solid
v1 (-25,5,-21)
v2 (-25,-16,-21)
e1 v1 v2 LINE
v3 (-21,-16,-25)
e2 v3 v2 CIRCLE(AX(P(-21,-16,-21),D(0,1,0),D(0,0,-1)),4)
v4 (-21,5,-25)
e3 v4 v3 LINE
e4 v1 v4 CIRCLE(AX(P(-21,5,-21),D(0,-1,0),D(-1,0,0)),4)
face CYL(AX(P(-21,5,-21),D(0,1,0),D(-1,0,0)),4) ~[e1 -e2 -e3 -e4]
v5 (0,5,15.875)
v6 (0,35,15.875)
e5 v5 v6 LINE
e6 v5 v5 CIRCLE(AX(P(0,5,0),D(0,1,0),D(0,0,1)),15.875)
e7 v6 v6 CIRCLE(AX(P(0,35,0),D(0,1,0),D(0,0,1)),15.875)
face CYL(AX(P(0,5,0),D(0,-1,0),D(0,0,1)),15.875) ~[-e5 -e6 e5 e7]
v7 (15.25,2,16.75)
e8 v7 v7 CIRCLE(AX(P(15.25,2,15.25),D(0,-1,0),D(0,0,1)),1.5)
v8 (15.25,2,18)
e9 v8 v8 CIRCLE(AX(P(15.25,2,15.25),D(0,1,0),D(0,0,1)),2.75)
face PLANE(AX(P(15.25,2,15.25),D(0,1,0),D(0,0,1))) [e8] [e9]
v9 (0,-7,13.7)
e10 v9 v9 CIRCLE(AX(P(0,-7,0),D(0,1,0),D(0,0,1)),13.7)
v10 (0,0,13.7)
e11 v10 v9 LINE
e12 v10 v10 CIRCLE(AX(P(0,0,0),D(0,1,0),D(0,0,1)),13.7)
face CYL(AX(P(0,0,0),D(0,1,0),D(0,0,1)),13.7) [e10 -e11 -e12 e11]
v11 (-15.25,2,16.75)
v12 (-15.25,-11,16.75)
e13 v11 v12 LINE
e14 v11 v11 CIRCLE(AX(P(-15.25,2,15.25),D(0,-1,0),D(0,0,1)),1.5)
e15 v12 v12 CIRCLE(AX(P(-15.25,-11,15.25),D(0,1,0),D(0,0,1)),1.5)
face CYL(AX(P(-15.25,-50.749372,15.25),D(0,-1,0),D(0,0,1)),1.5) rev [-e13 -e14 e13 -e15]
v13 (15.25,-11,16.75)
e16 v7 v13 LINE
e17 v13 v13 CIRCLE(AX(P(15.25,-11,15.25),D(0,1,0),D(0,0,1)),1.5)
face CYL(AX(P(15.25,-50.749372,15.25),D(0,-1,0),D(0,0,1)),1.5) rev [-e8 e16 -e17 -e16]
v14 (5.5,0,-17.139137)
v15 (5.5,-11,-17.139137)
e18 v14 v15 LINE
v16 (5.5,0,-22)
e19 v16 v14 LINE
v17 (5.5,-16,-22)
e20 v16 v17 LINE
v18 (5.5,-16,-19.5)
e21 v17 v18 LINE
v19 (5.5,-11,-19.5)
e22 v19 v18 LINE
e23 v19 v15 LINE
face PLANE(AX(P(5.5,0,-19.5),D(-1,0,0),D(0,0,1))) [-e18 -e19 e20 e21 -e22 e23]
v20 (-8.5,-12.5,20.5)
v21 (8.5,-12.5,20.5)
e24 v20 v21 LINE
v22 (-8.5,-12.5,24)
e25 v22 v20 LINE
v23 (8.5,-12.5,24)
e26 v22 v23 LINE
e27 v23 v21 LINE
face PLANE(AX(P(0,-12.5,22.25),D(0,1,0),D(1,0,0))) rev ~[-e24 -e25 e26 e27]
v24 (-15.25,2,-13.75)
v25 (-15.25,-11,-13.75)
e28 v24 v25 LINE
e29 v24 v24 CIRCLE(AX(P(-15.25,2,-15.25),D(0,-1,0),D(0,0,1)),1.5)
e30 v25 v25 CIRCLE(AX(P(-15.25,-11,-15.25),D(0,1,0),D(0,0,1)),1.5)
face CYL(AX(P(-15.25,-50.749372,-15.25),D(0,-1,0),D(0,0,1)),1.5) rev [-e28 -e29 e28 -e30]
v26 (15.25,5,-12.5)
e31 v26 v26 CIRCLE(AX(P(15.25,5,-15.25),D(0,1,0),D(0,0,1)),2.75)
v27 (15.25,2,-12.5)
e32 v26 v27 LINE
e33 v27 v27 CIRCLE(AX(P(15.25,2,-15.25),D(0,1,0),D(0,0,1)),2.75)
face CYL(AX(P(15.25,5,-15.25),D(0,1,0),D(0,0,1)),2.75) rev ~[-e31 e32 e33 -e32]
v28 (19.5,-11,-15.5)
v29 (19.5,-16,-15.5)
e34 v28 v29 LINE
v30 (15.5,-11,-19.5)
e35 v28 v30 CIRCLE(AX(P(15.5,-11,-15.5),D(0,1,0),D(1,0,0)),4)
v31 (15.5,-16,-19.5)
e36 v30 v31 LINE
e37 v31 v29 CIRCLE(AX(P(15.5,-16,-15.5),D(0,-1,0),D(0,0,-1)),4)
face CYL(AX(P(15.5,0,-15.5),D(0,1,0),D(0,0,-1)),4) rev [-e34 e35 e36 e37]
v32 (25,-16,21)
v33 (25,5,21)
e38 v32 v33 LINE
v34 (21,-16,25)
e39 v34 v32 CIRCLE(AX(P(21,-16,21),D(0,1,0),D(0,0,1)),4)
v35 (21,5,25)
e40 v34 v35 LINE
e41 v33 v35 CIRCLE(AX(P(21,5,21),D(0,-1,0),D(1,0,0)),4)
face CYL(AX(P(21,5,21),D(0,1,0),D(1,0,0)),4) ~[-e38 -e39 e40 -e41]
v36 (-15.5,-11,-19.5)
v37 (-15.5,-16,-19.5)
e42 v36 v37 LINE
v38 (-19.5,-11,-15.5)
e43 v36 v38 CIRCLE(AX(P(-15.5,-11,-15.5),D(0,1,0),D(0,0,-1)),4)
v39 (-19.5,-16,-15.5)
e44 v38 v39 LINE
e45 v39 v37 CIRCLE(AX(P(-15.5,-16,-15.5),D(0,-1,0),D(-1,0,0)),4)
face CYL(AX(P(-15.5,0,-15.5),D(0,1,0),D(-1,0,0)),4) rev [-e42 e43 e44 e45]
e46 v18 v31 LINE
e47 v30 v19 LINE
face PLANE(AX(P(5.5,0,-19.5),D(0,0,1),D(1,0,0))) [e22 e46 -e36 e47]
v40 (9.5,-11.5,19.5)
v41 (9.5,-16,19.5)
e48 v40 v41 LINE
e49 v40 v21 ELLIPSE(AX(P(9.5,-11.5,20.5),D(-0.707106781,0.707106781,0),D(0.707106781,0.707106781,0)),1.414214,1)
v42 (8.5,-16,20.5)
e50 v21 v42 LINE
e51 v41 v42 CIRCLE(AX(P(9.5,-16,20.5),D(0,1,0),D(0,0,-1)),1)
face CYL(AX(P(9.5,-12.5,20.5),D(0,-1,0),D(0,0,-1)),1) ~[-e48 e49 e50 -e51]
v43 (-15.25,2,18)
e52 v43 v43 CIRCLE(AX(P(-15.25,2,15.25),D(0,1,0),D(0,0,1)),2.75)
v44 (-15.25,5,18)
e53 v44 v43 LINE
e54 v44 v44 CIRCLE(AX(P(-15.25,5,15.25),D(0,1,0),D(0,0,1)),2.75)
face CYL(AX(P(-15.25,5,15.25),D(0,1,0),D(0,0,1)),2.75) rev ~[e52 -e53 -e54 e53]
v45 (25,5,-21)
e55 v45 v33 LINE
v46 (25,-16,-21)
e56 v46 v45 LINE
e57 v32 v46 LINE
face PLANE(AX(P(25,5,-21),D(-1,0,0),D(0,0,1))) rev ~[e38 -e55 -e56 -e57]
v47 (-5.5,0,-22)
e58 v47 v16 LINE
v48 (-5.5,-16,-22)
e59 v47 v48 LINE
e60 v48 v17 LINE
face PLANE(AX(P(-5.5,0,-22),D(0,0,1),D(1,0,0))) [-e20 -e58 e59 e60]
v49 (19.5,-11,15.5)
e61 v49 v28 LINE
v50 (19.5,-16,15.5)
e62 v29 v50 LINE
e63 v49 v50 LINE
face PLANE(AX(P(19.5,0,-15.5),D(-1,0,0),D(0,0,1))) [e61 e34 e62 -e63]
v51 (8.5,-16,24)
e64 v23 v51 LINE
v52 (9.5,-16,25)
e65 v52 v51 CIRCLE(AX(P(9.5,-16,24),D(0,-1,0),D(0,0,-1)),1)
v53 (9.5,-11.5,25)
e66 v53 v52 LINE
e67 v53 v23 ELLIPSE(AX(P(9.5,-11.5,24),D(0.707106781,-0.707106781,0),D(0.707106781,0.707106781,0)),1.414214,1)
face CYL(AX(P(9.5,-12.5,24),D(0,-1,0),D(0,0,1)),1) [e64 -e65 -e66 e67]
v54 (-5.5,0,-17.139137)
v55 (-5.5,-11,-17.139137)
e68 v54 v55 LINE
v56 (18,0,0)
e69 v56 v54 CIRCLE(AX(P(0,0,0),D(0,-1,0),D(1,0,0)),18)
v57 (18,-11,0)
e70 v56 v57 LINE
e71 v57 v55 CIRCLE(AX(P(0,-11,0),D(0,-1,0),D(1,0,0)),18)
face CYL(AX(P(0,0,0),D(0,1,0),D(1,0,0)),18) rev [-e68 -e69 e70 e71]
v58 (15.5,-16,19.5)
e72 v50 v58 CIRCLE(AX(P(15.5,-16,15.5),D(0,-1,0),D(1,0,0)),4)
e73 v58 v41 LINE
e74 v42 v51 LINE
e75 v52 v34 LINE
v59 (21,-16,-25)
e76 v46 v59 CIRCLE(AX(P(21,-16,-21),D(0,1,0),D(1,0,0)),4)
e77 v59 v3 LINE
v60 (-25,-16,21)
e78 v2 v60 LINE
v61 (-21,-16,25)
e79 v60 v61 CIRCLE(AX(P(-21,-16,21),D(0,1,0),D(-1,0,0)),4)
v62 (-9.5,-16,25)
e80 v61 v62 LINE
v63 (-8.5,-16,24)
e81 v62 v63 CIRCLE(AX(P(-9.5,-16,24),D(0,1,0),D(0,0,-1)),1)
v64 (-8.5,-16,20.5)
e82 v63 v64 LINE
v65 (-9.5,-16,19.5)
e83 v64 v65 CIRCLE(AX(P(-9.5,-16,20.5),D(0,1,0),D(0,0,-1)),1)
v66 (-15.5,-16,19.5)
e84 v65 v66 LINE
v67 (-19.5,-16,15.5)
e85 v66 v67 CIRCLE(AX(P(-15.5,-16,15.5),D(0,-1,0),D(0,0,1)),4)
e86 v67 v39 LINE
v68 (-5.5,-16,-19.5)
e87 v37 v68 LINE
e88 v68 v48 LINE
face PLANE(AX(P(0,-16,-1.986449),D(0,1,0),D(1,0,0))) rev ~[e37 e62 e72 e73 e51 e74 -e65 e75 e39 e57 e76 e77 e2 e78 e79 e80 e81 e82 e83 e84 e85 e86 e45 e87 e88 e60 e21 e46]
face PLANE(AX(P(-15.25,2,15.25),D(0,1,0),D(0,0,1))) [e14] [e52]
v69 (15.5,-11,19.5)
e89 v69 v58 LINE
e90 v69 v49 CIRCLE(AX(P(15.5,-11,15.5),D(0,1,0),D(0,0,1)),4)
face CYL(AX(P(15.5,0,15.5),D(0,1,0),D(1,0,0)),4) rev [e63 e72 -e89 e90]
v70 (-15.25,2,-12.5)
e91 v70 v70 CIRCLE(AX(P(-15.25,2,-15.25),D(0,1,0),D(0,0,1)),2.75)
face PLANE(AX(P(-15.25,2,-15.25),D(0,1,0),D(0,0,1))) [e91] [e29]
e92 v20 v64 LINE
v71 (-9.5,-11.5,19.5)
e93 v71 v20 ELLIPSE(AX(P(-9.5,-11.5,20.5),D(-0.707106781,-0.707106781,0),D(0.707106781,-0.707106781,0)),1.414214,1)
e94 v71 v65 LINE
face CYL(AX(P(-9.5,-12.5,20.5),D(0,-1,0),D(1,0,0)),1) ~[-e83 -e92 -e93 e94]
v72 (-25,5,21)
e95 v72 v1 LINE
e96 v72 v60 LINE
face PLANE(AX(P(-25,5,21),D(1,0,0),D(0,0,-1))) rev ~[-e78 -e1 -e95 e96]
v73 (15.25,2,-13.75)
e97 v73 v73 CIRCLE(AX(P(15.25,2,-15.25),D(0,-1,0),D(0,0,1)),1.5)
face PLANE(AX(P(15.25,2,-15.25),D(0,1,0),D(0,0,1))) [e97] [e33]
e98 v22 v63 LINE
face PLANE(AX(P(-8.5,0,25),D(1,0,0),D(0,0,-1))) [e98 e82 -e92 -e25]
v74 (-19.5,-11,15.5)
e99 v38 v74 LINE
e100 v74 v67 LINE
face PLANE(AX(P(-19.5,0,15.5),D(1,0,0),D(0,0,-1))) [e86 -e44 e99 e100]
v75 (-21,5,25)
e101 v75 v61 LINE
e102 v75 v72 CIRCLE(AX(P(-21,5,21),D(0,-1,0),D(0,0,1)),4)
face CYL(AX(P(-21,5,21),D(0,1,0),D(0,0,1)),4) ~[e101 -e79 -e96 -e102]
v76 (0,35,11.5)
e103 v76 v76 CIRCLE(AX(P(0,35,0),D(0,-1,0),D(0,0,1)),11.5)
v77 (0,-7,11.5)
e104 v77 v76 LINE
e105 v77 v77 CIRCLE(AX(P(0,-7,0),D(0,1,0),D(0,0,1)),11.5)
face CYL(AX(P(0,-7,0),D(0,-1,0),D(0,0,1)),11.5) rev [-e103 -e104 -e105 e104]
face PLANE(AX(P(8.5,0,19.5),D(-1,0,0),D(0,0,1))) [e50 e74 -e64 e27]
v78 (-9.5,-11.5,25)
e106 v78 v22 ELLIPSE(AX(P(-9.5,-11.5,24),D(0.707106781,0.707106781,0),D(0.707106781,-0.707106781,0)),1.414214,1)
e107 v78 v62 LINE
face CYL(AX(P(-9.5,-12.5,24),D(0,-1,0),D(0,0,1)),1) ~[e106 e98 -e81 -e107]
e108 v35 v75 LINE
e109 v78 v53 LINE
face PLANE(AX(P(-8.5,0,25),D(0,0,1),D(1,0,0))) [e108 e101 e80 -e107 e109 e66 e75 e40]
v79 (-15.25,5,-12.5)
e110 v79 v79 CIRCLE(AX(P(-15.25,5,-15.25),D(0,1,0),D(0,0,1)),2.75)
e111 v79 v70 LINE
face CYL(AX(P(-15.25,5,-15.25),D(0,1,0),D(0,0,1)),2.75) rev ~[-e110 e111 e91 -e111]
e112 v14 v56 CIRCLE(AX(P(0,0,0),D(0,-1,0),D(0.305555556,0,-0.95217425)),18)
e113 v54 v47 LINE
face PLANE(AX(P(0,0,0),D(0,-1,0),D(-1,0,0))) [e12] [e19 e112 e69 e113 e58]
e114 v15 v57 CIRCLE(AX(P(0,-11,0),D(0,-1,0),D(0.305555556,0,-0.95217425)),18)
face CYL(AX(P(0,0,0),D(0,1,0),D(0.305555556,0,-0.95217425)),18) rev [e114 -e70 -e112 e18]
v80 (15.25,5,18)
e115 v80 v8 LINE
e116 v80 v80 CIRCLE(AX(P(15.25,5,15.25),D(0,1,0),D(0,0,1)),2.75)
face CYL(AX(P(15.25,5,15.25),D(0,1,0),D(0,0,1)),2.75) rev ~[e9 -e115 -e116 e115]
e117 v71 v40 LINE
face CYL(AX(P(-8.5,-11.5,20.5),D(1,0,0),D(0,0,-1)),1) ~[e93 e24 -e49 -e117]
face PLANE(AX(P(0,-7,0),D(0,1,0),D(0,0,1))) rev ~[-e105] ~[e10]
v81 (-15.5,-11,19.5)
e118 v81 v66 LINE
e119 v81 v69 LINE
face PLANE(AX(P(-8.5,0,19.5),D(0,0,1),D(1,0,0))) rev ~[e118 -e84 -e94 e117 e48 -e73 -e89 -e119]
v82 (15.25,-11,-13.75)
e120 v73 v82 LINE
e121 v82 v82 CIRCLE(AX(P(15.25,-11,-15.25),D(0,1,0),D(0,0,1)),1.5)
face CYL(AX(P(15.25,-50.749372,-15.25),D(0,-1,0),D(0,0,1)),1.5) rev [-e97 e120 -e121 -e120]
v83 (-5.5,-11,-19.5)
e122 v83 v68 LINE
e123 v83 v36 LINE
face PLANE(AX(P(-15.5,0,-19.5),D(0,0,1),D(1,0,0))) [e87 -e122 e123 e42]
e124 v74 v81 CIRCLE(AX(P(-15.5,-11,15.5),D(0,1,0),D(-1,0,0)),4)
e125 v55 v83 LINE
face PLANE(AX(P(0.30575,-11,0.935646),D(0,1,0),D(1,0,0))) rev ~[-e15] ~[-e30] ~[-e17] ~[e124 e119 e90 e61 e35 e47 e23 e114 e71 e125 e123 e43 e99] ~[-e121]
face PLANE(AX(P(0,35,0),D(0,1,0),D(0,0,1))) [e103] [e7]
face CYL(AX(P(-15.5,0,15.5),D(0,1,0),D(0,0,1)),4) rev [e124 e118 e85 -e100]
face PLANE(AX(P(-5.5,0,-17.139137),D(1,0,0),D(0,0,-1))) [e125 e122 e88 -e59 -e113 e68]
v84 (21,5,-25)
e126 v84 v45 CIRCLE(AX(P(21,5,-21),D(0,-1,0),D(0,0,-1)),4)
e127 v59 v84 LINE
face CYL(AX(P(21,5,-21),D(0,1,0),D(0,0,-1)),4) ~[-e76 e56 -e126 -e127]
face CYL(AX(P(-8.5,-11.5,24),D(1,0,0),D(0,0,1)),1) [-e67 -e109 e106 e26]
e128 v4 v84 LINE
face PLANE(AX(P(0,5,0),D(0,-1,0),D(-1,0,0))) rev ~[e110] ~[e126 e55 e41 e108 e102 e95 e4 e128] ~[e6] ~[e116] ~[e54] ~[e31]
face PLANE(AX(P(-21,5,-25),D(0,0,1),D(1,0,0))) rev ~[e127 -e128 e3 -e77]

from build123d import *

# Parameters (mm, degrees)
BOSS_EXTRUDE1_DEPTH     = 16
SKETCH4_3_R             = 2.75
SKETCH4_3_R_2           = 1.5
BOSS_EXTRUDE2_DEPTH     = 11
SKETCH4_4_R             = 13.7
BOSS_EXTRUDE3_DEPTH     = 7
BOSS_EXTRUDE4_START     = 5
BOSS_EXTRUDE4_DEPTH     = 5
BOSS_EXTRUDE5_START     = 5
SKETCH4_6_R             = 15.875
BOSS_EXTRUDE5_DEPTH     = 30
CUT_EXTRUDE1_DEPTH      = 50.749371855
CUT_EXTRUDE1_DEPTH_BACK = 7
SKETCH4_7_R             = 11.5
CUT_EXTRUDE4_DEPTH      = 50.749371855
CUT_EXTRUDE4_DEPTH_BACK = 50.749371855
SKETCH4_8_R             = 1.5
CUT_EXTRUDE5_START      = 5
SKETCH4_9_R             = 2.75
CUT_EXTRUDE5_DEPTH      = 3
SKETCH4_10_W            = 17
SKETCH4_10_H            = 5.5
BOSS_EXTRUDE6_DEPTH     = 12.5
FILLET1_R               = 1


with BuildPart() as part:
    # Sketch4 → Boss-Extrude1 (new body)
    with BuildSketch(Plane(origin=(0, 0, 0), x_dir=(1, 0, 0), z_dir=(0, 1, 0))):
        with BuildLine():
            Line((8.5, -25), (21, -25))
            ThreePointArc((21, -25), (23.828427125, -23.828427125), (25, -21))
            Line((25, -21), (25, 21))
            ThreePointArc((25, 21), (23.828427125, 23.828427125), (21, 25))
            Line((21, 25), (-21, 25))
            ThreePointArc((-21, 25), (-23.828427125, 23.828427125), (-25, 21))
            Line((-25, 21), (-25, -21))
            ThreePointArc((-25, -21), (-23.828427125, -23.828427125), (-21, -25))
            Line((-21, -25), (-8.5, -25))
            Line((-8.5, -25), (-8.5, -19.5))
            Line((-8.5, -19.5), (-15.5, -19.5))
            ThreePointArc((-15.5, -19.5), (-18.328427125, -18.328427125), (-19.5, -15.5))
            Line((-19.5, -15.5), (-19.5, 15.5))
            ThreePointArc((-19.5, 15.5), (-18.328427125, 18.328427125), (-15.5, 19.5))
            Line((-15.5, 19.5), (-5.5, 19.5))
            Line((-5.5, 19.5), (-5.5, 22))
            Line((-5.5, 22), (5.5, 22))
            Line((5.5, 22), (5.5, 19.5))
            Line((5.5, 19.5), (15.5, 19.5))
            ThreePointArc((15.5, 19.5), (18.328427125, 18.328427125), (19.5, 15.5))
            Line((19.5, 15.5), (19.5, -15.5))
            ThreePointArc((19.5, -15.5), (18.328427125, -18.328427125), (15.5, -19.5))
            Line((15.5, -19.5), (8.5, -19.5))
            Line((8.5, -19.5), (8.5, -25))
        make_face()
    extrude(amount=-BOSS_EXTRUDE1_DEPTH)

    # Sketch4<3> → Boss-Extrude2 (add)
    # profile 1 of 7: a face of its own
    with BuildSketch(Plane(origin=(0, 0, 0), x_dir=(1, 0, 0), z_dir=(0, 1, 0))):
        with BuildLine():
            Line((-8.5, -19.5), (8.5, -19.5))
            Line((8.5, -19.5), (15.5, -19.5))
            ThreePointArc((15.5, -19.5), (18.328427125, -18.328427125), (19.5, -15.5))
            Line((19.5, -15.5), (19.5, 15.5))
            ThreePointArc((19.5, 15.5), (18.328427125, 18.328427125), (15.5, 19.5))
            Line((15.5, 19.5), (5.5, 19.5))
            Line((5.5, 19.5), (5.5, 17.139136501))
            ThreePointArc((5.5, 17.139136501), (14.543039572, 10.606601718), (18, 0))
            ThreePointArc((18, 0), (-10.606601718, -14.543039572), (-5.5, 17.139136501))
            Line((-5.5, 17.139136501), (-5.5, 19.5))
            Line((-5.5, 19.5), (-15.5, 19.5))
            ThreePointArc((-15.5, 19.5), (-18.328427125, 18.328427125), (-19.5, 15.5))
            Line((-19.5, 15.5), (-19.5, -15.5))
            ThreePointArc((-19.5, -15.5), (-18.328427125, -18.328427125), (-15.5, -19.5))
            Line((-15.5, -19.5), (-8.5, -19.5))
        make_face()
        with Locations((-15.25, -15.25)):
            Circle(SKETCH4_3_R, mode=Mode.SUBTRACT)
        with Locations((15.25, -15.25)):
            Circle(SKETCH4_3_R, mode=Mode.SUBTRACT)
        with Locations((-15.25, 15.25)):
            Circle(SKETCH4_3_R, mode=Mode.SUBTRACT)
        with Locations((15.25, 15.25)):
            Circle(SKETCH4_3_R, mode=Mode.SUBTRACT)
    # profile 2 of 7: a face of its own
    with BuildSketch(Plane(origin=(0, 0, 0), x_dir=(1, 0, 0), z_dir=(0, 1, 0))):
        with BuildLine():
            Line((-8.5, -19.5), (8.5, -19.5))
            Line((8.5, -19.5), (15.5, -19.5))
            ThreePointArc((15.5, -19.5), (18.328427125, -18.328427125), (19.5, -15.5))
            Line((19.5, -15.5), (19.5, 15.5))
            ThreePointArc((19.5, 15.5), (18.328427125, 18.328427125), (15.5, 19.5))
            Line((15.5, 19.5), (5.5, 19.5))
            Line((5.5, 19.5), (5.5, 17.139136501))
            ThreePointArc((5.5, 17.139136501), (14.543039572, 10.606601718), (18, 0))
            ThreePointArc((18, 0), (-10.606601718, -14.543039572), (-5.5, 17.139136501))
            Line((-5.5, 17.139136501), (-5.5, 19.5))
            Line((-5.5, 19.5), (-15.5, 19.5))
            ThreePointArc((-15.5, 19.5), (-18.328427125, 18.328427125), (-19.5, 15.5))
            Line((-19.5, 15.5), (-19.5, -15.5))
            ThreePointArc((-19.5, -15.5), (-18.328427125, -18.328427125), (-15.5, -19.5))
            Line((-15.5, -19.5), (-8.5, -19.5))
        make_face()
        with Locations((-15.25, -15.25)):
            Circle(SKETCH4_3_R, mode=Mode.SUBTRACT)
        with Locations((15.25, -15.25)):
            Circle(SKETCH4_3_R, mode=Mode.SUBTRACT)
        with Locations((-15.25, 15.25)):
            Circle(SKETCH4_3_R, mode=Mode.SUBTRACT)
        with Locations((15.25, 15.25)):
            Circle(SKETCH4_3_R, mode=Mode.SUBTRACT)
    # profile 3 of 7: a face of its own
    with BuildSketch(Plane(origin=(0, 0, 0), x_dir=(1, 0, 0), z_dir=(0, 1, 0))):
        with BuildLine():
            Line((-8.5, -19.5), (8.5, -19.5))
            Line((8.5, -19.5), (15.5, -19.5))
            ThreePointArc((15.5, -19.5), (18.328427125, -18.328427125), (19.5, -15.5))
            Line((19.5, -15.5), (19.5, 15.5))
            ThreePointArc((19.5, 15.5), (18.328427125, 18.328427125), (15.5, 19.5))
            Line((15.5, 19.5), (5.5, 19.5))
            Line((5.5, 19.5), (5.5, 17.139136501))
            ThreePointArc((5.5, 17.139136501), (14.543039572, 10.606601718), (18, 0))
            ThreePointArc((18, 0), (-10.606601718, -14.543039572), (-5.5, 17.139136501))
            Line((-5.5, 17.139136501), (-5.5, 19.5))
            Line((-5.5, 19.5), (-15.5, 19.5))
            ThreePointArc((-15.5, 19.5), (-18.328427125, 18.328427125), (-19.5, 15.5))
            Line((-19.5, 15.5), (-19.5, -15.5))
            ThreePointArc((-19.5, -15.5), (-18.328427125, -18.328427125), (-15.5, -19.5))
            Line((-15.5, -19.5), (-8.5, -19.5))
        make_face()
        with Locations((-15.25, -15.25)):
            Circle(SKETCH4_3_R, mode=Mode.SUBTRACT)
        with Locations((15.25, -15.25)):
            Circle(SKETCH4_3_R, mode=Mode.SUBTRACT)
        with Locations((-15.25, 15.25)):
            Circle(SKETCH4_3_R, mode=Mode.SUBTRACT)
        with Locations((15.25, 15.25)):
            Circle(SKETCH4_3_R, mode=Mode.SUBTRACT)
    # profile 4 of 7: a face of its own
    with BuildSketch(Plane(origin=(0, 0, 0), x_dir=(1, 0, 0), z_dir=(0, 1, 0))):
        with Locations((-15.25, -15.25)):
            Circle(SKETCH4_3_R)
        with Locations(Location((-15.25, -15.25, 0), (0, 0, 270))):
            Circle(SKETCH4_3_R_2, mode=Mode.SUBTRACT)
    # profile 5 of 7: a face of its own
    with BuildSketch(Plane(origin=(0, 0, 0), x_dir=(1, 0, 0), z_dir=(0, 1, 0))):
        with Locations((15.25, -15.25)):
            Circle(SKETCH4_3_R)
        with Locations(Location((15.25, -15.25, 0), (0, 0, 270))):
            Circle(SKETCH4_3_R_2, mode=Mode.SUBTRACT)
    # profile 6 of 7: a face of its own
    with BuildSketch(Plane(origin=(0, 0, 0), x_dir=(1, 0, 0), z_dir=(0, 1, 0))):
        with Locations((15.25, 15.25)):
            Circle(SKETCH4_3_R)
        with Locations(Location((15.25, 15.25, 0), (0, 0, 270))):
            Circle(SKETCH4_3_R_2, mode=Mode.SUBTRACT)
    # profile 7 of 7: a face of its own
    with BuildSketch(Plane(origin=(0, 0, 0), x_dir=(1, 0, 0), z_dir=(0, 1, 0))):
        with Locations((-15.25, 15.25)):
            Circle(SKETCH4_3_R)
        with Locations(Location((-15.25, 15.25, 0), (0, 0, 270))):
            Circle(SKETCH4_3_R_2, mode=Mode.SUBTRACT)
    extrude(amount=-BOSS_EXTRUDE2_DEPTH)



with BuildPart() as body_2:
    # Sketch4<4> → Boss-Extrude3 (new body)
    with BuildSketch(Plane(origin=(0, 0, 0), x_dir=(1, 0, 0), z_dir=(0, 1, 0))):
        with Locations(Location((0, 0, 0), (0, 0, 270))):
            Circle(SKETCH4_4_R)
    extrude(amount=-BOSS_EXTRUDE3_DEPTH)

    # Sketch4<5> → Boss-Extrude4 (add)
    with BuildSketch(Plane(origin=(0, 0, 0), x_dir=(1, 0, 0), z_dir=(0, 1, 0)).offset(BOSS_EXTRUDE4_START)):
        with BuildLine():
            Line((21, -25), (-21, -25))
            ThreePointArc((-21, -25), (-23.828427125, -23.828427125), (-25, -21))
            Line((-25, -21), (-25, 21))
            ThreePointArc((-25, 21), (-23.828427125, 23.828427125), (-21, 25))
            Line((-21, 25), (21, 25))
            ThreePointArc((21, 25), (23.828427125, 23.828427125), (25, 21))
            Line((25, 21), (25, -21))
            ThreePointArc((25, -21), (23.828427125, -23.828427125), (21, -25))
        make_face()
    extrude(amount=-BOSS_EXTRUDE4_DEPTH)

    # Sketch4<6> → Boss-Extrude5 (add)
    with BuildSketch(Plane(origin=(0, 0, 0), x_dir=(1, 0, 0), z_dir=(0, 1, 0)).offset(BOSS_EXTRUDE5_START)):
        with Locations(Location((0, 0, 0), (0, 0, 270))):
            Circle(SKETCH4_6_R)
    extrude(amount=BOSS_EXTRUDE5_DEPTH)

    # Sketch4<7> → Cut-Extrude1 (cut, two sides: drawn at the far end of the back side and taken through both)
    with BuildSketch(Plane(origin=(0, 0, 0), x_dir=(1, 0, 0), z_dir=(0, 1, 0)).offset(-CUT_EXTRUDE1_DEPTH_BACK)):
        with Locations(Location((0, 0, 0), (0, 0, 270))):
            Circle(SKETCH4_7_R)
    extrude(amount=CUT_EXTRUDE1_DEPTH + CUT_EXTRUDE1_DEPTH_BACK, mode=Mode.SUBTRACT)

    # Sketch4<8> → Cut-Extrude4 (cut, two sides: drawn at the far end of the back side and taken through both)
    with BuildSketch(Plane(origin=(0, 0, 0), x_dir=(1, 0, 0), z_dir=(0, 1, 0)).offset(-CUT_EXTRUDE4_DEPTH_BACK)):
        with Locations(Location((15.25, -15.25, 0), (0, 0, 270))):
            Circle(SKETCH4_8_R)
        with Locations(Location((-15.25, -15.25, 0), (0, 0, 270))):
            Circle(SKETCH4_8_R)
        with Locations(Location((-15.25, 15.25, 0), (0, 0, 270))):
            Circle(SKETCH4_8_R)
        with Locations(Location((15.25, 15.25, 0), (0, 0, 270))):
            Circle(SKETCH4_8_R)
    extrude(amount=CUT_EXTRUDE4_DEPTH + CUT_EXTRUDE4_DEPTH_BACK, mode=Mode.SUBTRACT)

    # Sketch4<9> → Cut-Extrude5 (cut)
    with BuildSketch(Plane(origin=(0, 0, 0), x_dir=(1, 0, 0), z_dir=(0, 1, 0)).offset(CUT_EXTRUDE5_START)):
        with Locations(Location((-15.25, -15.25, 0), (0, 0, 270))):
            Circle(SKETCH4_9_R)
        with Locations(Location((15.25, -15.25, 0), (0, 0, 270))):
            Circle(SKETCH4_9_R)
        with Locations(Location((15.25, 15.25, 0), (0, 0, 270))):
            Circle(SKETCH4_9_R)
        with Locations(Location((-15.25, 15.25, 0), (0, 0, 270))):
            Circle(SKETCH4_9_R)
    extrude(amount=-CUT_EXTRUDE5_DEPTH, mode=Mode.SUBTRACT)


with BuildPart() as part_1:
    add(part.part)

    add(body_2.part)  # Boss-Extrude6 merges body 2
    # Sketch4<10> → Boss-Extrude6 (add)
    with BuildSketch(Plane(origin=(0, 0, 0), x_dir=(1, 0, 0), z_dir=(0, 1, 0))):
        with Locations((0, -22.25)):
            Rectangle(SKETCH4_10_W, SKETCH4_10_H)
    extrude(amount=-BOSS_EXTRUDE6_DEPTH)

    # Fillet1
    fillet1_edges = [part_1.edges().sort_by_distance(p)[0] for p in [
        (0, -12.5, 19.5),
        (0, -12.5, 25),
        (-8.5, -14.25, 19.5),
        (-8.5, -14.25, 25),
        (8.5, -14.25, 25),
        (8.5, -14.25, 19.5),
    ]]
    fillet(fillet1_edges, radius=FILLET1_R)


solid = part_1.part
